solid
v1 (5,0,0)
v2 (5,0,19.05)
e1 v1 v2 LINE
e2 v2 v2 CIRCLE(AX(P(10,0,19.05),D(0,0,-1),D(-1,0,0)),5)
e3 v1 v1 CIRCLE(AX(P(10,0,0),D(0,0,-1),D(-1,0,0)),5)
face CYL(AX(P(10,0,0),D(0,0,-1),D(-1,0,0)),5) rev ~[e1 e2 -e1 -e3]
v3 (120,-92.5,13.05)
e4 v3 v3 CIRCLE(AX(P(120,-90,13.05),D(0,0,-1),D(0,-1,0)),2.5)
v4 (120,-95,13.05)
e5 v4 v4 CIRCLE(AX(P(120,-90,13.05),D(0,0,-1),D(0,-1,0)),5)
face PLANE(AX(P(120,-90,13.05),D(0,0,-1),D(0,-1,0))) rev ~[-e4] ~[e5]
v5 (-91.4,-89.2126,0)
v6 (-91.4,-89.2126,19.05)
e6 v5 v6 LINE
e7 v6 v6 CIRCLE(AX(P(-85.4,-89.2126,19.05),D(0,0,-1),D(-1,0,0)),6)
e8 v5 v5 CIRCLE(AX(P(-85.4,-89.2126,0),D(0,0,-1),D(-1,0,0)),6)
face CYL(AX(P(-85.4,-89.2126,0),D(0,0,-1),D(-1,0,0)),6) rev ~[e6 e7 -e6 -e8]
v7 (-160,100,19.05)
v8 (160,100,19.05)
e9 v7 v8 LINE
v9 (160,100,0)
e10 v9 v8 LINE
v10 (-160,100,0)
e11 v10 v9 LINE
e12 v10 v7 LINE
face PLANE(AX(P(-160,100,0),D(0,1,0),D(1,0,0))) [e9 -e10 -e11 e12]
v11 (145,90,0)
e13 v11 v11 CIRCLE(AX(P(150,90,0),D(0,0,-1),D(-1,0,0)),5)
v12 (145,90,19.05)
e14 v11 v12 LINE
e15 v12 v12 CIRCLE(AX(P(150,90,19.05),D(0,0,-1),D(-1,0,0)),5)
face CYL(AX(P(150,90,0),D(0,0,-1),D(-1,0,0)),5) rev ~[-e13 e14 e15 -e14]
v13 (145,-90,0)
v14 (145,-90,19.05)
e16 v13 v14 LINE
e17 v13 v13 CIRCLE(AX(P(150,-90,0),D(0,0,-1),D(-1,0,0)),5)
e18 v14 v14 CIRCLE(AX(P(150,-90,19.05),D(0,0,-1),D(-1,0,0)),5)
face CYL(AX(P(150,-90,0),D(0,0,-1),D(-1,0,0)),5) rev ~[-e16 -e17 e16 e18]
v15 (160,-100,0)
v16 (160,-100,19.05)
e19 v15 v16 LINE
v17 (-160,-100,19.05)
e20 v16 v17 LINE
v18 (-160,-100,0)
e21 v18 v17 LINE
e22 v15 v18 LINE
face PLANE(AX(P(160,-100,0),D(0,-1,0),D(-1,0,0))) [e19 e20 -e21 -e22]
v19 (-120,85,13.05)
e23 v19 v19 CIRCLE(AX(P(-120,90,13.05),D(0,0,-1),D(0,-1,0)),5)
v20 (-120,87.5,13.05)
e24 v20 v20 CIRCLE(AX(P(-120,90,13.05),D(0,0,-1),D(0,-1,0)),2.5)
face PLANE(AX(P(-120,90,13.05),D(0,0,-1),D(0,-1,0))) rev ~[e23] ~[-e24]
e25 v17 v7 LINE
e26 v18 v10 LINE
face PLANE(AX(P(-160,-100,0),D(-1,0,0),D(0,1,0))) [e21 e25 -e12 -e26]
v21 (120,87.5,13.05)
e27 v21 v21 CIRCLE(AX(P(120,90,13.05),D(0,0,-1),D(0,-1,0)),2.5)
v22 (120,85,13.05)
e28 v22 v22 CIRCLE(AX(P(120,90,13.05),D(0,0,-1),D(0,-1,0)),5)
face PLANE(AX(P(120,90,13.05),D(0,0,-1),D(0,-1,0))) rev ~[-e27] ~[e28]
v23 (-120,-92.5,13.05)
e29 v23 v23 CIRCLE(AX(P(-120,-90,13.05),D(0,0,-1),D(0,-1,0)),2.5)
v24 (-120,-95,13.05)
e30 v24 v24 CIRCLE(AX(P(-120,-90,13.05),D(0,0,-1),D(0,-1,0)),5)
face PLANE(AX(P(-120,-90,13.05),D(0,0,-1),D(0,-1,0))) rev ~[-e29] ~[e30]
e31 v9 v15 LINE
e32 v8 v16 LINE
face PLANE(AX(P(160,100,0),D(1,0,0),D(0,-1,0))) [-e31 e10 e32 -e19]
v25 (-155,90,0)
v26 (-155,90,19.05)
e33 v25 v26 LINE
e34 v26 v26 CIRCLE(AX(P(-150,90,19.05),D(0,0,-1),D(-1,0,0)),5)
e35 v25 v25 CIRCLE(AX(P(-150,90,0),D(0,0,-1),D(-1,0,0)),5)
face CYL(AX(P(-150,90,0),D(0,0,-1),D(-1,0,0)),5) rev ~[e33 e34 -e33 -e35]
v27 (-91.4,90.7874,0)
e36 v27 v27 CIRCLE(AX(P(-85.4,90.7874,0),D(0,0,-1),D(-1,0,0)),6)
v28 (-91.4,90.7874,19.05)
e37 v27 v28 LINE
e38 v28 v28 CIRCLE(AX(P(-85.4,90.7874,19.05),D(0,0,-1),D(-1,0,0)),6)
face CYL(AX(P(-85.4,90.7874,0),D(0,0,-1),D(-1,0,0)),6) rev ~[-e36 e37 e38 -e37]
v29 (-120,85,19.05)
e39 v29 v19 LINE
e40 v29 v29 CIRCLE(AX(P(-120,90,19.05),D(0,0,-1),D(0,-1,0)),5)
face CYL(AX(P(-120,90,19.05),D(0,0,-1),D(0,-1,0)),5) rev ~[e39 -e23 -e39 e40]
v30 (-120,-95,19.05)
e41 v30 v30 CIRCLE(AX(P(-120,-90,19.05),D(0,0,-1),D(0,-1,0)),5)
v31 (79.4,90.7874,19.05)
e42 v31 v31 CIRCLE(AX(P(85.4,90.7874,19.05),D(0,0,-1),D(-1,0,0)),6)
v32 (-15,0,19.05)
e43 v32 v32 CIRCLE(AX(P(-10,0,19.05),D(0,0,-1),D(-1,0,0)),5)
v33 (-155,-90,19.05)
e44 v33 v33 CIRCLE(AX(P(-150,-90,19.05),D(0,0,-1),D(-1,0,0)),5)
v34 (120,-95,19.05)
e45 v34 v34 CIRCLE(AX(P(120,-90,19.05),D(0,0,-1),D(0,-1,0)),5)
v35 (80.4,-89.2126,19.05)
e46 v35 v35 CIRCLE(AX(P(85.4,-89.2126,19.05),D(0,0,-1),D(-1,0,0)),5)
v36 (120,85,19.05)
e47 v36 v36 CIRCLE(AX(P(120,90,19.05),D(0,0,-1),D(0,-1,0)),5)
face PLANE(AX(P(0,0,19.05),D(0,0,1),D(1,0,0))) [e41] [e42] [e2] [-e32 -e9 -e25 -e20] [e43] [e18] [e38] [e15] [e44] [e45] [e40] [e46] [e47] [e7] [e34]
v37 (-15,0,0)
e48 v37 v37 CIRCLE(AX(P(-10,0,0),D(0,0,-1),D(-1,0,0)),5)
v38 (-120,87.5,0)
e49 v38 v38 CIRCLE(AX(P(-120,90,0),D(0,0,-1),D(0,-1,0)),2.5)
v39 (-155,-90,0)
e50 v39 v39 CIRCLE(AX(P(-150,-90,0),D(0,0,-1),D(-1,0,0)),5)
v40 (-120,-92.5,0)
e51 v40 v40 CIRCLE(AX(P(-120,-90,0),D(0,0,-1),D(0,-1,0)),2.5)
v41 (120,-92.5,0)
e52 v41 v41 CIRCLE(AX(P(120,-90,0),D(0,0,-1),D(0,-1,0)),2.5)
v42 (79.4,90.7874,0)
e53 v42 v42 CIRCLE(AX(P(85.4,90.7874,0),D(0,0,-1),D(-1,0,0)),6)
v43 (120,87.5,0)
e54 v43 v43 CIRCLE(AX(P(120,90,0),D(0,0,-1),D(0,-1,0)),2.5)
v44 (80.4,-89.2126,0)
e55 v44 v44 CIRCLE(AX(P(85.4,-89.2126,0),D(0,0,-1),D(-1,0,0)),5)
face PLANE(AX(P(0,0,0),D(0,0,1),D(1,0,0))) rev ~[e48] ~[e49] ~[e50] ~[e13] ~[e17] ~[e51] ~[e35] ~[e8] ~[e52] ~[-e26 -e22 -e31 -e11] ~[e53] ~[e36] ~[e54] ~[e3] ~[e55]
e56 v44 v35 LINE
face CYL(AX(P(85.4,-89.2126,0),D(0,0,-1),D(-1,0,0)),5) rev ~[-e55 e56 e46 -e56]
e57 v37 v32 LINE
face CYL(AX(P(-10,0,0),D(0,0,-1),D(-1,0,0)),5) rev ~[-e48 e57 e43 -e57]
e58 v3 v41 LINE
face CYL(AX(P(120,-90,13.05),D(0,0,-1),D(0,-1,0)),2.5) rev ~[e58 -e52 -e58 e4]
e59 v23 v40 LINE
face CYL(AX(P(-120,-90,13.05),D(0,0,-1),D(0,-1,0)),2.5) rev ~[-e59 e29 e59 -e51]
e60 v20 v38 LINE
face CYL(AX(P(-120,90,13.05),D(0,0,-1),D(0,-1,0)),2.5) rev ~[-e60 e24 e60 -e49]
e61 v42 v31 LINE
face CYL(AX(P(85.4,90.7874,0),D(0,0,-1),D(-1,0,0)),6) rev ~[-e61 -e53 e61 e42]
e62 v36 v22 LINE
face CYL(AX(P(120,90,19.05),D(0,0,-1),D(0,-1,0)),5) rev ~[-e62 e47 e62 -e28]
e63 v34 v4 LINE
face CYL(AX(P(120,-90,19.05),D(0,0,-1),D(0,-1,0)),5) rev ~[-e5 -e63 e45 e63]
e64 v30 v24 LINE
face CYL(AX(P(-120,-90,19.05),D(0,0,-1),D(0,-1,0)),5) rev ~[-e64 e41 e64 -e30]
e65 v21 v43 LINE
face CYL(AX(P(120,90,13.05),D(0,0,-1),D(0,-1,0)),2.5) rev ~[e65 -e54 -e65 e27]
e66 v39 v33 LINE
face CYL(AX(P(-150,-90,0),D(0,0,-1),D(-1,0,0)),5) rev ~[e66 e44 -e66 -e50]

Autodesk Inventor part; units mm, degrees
ref_plane "YZ Plane" through (0, 0, 0) normal (1, 0, 0) x (0, 1, 0)
ref_plane "XZ Plane" through (0, 0, 0) normal (0, 1, 0) x (-1, 0, 0)
ref_plane "XY Plane" through (0, 0, 0) normal (0, 0, 1) x (1, 0, 0)
sketch "Sketch1" plane through (0, 0, 0) normal (0, 0, 1) x (1, 0, 0)
  line L0 (-160, 100) -> (160, 100)
  line L1 (160, 100) -> (160, -100)
  line L2 (160, -100) -> (-160, -100)
  line L3 (-160, -100) -> (-160, 100)
  point P0 (0, 0)
  dimension "d0" = 320
  dimension "d1" = 200
  dimension "d2" = 160
  dimension "d3" = 100
extrude "Extrusion1" add sketch "Sketch1" along normal blind 19.05
sketch "Sketch2" plane through (0, 0, 0) normal (0, 0, -1) x (-1, 0, 0)
  circle A0 centre (150, 90) radius 2.5 projected
  circle A1 centre (85.4, 90.7874) radius 2.0701 projected
  circle A2 centre (85.4, -89.2126) radius 2.5 projected
  circle A3 centre (150, -90) radius 2.5 projected
  circle A4 centre (10, 0) radius 2.067 projected
  circle A5 centre (-10, 0) radius 2.067 projected
  circle A6 centre (-85.4, -89.2126) radius 2.0701 projected
  circle A7 centre (-150, -90) radius 2.5 projected
  circle A8 centre (-85.4, 90.7874) radius 2.0701 projected
  circle A9 centre (-150, 90) radius 2.5 projected
  circle A10 centre (-150, -90) radius 5
  circle A11 centre (-85.4, -89.2126) radius 5
  circle A12 centre (-150, 90) radius 5
  circle A13 centre (-85.4, 90.7874) radius 6
  circle A14 centre (-10, 0) radius 5
  circle A15 centre (10, 0) radius 5
  circle A16 centre (85.4, 90.7874) radius 6
  circle A17 centre (150, 90) radius 5
  circle A18 centre (85.4, -89.2126) radius 6
  circle A19 centre (150, -90) radius 5
  point P0 (0, 0)
  dimension "d6" = 10
  dimension "d7" = 10
  dimension "d8" = 10
  dimension "d9" = 12
  dimension "d10" = 10
  dimension "d11" = 10
  dimension "d12" = 12
  dimension "d13" = 10
  dimension "d14" = 12
  dimension "d15" = 10
extrude "Extrusion2" cut sketch "Sketch2" against normal through all contours A0 | A1 | A2 | A3 | A4 | A5 | A6 | A7 | A8 | A9 | A10 | A11 | A12 | A13 | A14 | A15 | A16 | A17 | A18 | A19
sketch "Sketch5" plane through (0, 0, 19.05) normal (0, 0, 1) x (1, 0, 0)
  circle A0 centre (-120, 90) radius 2.75 projected
  circle A1 centre (-120, -90) radius 2.75 projected
  circle A2 centre (120, -90) radius 2.75 projected
  circle A3 centre (120, 90) radius 2.75 projected
  point P0 (0, 0)
hole "Hole1" at (-120, 90, 19.05) at (-120, -90, 19.05) at (120, -90, 19.05) at (120, 90, 19.05) direction (0, 0, -1) diameter 5 end through all counterbore diameter 10 counterbore depth 6
equation "\"d2\" = 0.5 * d0"
equation "\"d3\" = 0.5 * d1"
properties part number "wasteboard" material "Wood"
